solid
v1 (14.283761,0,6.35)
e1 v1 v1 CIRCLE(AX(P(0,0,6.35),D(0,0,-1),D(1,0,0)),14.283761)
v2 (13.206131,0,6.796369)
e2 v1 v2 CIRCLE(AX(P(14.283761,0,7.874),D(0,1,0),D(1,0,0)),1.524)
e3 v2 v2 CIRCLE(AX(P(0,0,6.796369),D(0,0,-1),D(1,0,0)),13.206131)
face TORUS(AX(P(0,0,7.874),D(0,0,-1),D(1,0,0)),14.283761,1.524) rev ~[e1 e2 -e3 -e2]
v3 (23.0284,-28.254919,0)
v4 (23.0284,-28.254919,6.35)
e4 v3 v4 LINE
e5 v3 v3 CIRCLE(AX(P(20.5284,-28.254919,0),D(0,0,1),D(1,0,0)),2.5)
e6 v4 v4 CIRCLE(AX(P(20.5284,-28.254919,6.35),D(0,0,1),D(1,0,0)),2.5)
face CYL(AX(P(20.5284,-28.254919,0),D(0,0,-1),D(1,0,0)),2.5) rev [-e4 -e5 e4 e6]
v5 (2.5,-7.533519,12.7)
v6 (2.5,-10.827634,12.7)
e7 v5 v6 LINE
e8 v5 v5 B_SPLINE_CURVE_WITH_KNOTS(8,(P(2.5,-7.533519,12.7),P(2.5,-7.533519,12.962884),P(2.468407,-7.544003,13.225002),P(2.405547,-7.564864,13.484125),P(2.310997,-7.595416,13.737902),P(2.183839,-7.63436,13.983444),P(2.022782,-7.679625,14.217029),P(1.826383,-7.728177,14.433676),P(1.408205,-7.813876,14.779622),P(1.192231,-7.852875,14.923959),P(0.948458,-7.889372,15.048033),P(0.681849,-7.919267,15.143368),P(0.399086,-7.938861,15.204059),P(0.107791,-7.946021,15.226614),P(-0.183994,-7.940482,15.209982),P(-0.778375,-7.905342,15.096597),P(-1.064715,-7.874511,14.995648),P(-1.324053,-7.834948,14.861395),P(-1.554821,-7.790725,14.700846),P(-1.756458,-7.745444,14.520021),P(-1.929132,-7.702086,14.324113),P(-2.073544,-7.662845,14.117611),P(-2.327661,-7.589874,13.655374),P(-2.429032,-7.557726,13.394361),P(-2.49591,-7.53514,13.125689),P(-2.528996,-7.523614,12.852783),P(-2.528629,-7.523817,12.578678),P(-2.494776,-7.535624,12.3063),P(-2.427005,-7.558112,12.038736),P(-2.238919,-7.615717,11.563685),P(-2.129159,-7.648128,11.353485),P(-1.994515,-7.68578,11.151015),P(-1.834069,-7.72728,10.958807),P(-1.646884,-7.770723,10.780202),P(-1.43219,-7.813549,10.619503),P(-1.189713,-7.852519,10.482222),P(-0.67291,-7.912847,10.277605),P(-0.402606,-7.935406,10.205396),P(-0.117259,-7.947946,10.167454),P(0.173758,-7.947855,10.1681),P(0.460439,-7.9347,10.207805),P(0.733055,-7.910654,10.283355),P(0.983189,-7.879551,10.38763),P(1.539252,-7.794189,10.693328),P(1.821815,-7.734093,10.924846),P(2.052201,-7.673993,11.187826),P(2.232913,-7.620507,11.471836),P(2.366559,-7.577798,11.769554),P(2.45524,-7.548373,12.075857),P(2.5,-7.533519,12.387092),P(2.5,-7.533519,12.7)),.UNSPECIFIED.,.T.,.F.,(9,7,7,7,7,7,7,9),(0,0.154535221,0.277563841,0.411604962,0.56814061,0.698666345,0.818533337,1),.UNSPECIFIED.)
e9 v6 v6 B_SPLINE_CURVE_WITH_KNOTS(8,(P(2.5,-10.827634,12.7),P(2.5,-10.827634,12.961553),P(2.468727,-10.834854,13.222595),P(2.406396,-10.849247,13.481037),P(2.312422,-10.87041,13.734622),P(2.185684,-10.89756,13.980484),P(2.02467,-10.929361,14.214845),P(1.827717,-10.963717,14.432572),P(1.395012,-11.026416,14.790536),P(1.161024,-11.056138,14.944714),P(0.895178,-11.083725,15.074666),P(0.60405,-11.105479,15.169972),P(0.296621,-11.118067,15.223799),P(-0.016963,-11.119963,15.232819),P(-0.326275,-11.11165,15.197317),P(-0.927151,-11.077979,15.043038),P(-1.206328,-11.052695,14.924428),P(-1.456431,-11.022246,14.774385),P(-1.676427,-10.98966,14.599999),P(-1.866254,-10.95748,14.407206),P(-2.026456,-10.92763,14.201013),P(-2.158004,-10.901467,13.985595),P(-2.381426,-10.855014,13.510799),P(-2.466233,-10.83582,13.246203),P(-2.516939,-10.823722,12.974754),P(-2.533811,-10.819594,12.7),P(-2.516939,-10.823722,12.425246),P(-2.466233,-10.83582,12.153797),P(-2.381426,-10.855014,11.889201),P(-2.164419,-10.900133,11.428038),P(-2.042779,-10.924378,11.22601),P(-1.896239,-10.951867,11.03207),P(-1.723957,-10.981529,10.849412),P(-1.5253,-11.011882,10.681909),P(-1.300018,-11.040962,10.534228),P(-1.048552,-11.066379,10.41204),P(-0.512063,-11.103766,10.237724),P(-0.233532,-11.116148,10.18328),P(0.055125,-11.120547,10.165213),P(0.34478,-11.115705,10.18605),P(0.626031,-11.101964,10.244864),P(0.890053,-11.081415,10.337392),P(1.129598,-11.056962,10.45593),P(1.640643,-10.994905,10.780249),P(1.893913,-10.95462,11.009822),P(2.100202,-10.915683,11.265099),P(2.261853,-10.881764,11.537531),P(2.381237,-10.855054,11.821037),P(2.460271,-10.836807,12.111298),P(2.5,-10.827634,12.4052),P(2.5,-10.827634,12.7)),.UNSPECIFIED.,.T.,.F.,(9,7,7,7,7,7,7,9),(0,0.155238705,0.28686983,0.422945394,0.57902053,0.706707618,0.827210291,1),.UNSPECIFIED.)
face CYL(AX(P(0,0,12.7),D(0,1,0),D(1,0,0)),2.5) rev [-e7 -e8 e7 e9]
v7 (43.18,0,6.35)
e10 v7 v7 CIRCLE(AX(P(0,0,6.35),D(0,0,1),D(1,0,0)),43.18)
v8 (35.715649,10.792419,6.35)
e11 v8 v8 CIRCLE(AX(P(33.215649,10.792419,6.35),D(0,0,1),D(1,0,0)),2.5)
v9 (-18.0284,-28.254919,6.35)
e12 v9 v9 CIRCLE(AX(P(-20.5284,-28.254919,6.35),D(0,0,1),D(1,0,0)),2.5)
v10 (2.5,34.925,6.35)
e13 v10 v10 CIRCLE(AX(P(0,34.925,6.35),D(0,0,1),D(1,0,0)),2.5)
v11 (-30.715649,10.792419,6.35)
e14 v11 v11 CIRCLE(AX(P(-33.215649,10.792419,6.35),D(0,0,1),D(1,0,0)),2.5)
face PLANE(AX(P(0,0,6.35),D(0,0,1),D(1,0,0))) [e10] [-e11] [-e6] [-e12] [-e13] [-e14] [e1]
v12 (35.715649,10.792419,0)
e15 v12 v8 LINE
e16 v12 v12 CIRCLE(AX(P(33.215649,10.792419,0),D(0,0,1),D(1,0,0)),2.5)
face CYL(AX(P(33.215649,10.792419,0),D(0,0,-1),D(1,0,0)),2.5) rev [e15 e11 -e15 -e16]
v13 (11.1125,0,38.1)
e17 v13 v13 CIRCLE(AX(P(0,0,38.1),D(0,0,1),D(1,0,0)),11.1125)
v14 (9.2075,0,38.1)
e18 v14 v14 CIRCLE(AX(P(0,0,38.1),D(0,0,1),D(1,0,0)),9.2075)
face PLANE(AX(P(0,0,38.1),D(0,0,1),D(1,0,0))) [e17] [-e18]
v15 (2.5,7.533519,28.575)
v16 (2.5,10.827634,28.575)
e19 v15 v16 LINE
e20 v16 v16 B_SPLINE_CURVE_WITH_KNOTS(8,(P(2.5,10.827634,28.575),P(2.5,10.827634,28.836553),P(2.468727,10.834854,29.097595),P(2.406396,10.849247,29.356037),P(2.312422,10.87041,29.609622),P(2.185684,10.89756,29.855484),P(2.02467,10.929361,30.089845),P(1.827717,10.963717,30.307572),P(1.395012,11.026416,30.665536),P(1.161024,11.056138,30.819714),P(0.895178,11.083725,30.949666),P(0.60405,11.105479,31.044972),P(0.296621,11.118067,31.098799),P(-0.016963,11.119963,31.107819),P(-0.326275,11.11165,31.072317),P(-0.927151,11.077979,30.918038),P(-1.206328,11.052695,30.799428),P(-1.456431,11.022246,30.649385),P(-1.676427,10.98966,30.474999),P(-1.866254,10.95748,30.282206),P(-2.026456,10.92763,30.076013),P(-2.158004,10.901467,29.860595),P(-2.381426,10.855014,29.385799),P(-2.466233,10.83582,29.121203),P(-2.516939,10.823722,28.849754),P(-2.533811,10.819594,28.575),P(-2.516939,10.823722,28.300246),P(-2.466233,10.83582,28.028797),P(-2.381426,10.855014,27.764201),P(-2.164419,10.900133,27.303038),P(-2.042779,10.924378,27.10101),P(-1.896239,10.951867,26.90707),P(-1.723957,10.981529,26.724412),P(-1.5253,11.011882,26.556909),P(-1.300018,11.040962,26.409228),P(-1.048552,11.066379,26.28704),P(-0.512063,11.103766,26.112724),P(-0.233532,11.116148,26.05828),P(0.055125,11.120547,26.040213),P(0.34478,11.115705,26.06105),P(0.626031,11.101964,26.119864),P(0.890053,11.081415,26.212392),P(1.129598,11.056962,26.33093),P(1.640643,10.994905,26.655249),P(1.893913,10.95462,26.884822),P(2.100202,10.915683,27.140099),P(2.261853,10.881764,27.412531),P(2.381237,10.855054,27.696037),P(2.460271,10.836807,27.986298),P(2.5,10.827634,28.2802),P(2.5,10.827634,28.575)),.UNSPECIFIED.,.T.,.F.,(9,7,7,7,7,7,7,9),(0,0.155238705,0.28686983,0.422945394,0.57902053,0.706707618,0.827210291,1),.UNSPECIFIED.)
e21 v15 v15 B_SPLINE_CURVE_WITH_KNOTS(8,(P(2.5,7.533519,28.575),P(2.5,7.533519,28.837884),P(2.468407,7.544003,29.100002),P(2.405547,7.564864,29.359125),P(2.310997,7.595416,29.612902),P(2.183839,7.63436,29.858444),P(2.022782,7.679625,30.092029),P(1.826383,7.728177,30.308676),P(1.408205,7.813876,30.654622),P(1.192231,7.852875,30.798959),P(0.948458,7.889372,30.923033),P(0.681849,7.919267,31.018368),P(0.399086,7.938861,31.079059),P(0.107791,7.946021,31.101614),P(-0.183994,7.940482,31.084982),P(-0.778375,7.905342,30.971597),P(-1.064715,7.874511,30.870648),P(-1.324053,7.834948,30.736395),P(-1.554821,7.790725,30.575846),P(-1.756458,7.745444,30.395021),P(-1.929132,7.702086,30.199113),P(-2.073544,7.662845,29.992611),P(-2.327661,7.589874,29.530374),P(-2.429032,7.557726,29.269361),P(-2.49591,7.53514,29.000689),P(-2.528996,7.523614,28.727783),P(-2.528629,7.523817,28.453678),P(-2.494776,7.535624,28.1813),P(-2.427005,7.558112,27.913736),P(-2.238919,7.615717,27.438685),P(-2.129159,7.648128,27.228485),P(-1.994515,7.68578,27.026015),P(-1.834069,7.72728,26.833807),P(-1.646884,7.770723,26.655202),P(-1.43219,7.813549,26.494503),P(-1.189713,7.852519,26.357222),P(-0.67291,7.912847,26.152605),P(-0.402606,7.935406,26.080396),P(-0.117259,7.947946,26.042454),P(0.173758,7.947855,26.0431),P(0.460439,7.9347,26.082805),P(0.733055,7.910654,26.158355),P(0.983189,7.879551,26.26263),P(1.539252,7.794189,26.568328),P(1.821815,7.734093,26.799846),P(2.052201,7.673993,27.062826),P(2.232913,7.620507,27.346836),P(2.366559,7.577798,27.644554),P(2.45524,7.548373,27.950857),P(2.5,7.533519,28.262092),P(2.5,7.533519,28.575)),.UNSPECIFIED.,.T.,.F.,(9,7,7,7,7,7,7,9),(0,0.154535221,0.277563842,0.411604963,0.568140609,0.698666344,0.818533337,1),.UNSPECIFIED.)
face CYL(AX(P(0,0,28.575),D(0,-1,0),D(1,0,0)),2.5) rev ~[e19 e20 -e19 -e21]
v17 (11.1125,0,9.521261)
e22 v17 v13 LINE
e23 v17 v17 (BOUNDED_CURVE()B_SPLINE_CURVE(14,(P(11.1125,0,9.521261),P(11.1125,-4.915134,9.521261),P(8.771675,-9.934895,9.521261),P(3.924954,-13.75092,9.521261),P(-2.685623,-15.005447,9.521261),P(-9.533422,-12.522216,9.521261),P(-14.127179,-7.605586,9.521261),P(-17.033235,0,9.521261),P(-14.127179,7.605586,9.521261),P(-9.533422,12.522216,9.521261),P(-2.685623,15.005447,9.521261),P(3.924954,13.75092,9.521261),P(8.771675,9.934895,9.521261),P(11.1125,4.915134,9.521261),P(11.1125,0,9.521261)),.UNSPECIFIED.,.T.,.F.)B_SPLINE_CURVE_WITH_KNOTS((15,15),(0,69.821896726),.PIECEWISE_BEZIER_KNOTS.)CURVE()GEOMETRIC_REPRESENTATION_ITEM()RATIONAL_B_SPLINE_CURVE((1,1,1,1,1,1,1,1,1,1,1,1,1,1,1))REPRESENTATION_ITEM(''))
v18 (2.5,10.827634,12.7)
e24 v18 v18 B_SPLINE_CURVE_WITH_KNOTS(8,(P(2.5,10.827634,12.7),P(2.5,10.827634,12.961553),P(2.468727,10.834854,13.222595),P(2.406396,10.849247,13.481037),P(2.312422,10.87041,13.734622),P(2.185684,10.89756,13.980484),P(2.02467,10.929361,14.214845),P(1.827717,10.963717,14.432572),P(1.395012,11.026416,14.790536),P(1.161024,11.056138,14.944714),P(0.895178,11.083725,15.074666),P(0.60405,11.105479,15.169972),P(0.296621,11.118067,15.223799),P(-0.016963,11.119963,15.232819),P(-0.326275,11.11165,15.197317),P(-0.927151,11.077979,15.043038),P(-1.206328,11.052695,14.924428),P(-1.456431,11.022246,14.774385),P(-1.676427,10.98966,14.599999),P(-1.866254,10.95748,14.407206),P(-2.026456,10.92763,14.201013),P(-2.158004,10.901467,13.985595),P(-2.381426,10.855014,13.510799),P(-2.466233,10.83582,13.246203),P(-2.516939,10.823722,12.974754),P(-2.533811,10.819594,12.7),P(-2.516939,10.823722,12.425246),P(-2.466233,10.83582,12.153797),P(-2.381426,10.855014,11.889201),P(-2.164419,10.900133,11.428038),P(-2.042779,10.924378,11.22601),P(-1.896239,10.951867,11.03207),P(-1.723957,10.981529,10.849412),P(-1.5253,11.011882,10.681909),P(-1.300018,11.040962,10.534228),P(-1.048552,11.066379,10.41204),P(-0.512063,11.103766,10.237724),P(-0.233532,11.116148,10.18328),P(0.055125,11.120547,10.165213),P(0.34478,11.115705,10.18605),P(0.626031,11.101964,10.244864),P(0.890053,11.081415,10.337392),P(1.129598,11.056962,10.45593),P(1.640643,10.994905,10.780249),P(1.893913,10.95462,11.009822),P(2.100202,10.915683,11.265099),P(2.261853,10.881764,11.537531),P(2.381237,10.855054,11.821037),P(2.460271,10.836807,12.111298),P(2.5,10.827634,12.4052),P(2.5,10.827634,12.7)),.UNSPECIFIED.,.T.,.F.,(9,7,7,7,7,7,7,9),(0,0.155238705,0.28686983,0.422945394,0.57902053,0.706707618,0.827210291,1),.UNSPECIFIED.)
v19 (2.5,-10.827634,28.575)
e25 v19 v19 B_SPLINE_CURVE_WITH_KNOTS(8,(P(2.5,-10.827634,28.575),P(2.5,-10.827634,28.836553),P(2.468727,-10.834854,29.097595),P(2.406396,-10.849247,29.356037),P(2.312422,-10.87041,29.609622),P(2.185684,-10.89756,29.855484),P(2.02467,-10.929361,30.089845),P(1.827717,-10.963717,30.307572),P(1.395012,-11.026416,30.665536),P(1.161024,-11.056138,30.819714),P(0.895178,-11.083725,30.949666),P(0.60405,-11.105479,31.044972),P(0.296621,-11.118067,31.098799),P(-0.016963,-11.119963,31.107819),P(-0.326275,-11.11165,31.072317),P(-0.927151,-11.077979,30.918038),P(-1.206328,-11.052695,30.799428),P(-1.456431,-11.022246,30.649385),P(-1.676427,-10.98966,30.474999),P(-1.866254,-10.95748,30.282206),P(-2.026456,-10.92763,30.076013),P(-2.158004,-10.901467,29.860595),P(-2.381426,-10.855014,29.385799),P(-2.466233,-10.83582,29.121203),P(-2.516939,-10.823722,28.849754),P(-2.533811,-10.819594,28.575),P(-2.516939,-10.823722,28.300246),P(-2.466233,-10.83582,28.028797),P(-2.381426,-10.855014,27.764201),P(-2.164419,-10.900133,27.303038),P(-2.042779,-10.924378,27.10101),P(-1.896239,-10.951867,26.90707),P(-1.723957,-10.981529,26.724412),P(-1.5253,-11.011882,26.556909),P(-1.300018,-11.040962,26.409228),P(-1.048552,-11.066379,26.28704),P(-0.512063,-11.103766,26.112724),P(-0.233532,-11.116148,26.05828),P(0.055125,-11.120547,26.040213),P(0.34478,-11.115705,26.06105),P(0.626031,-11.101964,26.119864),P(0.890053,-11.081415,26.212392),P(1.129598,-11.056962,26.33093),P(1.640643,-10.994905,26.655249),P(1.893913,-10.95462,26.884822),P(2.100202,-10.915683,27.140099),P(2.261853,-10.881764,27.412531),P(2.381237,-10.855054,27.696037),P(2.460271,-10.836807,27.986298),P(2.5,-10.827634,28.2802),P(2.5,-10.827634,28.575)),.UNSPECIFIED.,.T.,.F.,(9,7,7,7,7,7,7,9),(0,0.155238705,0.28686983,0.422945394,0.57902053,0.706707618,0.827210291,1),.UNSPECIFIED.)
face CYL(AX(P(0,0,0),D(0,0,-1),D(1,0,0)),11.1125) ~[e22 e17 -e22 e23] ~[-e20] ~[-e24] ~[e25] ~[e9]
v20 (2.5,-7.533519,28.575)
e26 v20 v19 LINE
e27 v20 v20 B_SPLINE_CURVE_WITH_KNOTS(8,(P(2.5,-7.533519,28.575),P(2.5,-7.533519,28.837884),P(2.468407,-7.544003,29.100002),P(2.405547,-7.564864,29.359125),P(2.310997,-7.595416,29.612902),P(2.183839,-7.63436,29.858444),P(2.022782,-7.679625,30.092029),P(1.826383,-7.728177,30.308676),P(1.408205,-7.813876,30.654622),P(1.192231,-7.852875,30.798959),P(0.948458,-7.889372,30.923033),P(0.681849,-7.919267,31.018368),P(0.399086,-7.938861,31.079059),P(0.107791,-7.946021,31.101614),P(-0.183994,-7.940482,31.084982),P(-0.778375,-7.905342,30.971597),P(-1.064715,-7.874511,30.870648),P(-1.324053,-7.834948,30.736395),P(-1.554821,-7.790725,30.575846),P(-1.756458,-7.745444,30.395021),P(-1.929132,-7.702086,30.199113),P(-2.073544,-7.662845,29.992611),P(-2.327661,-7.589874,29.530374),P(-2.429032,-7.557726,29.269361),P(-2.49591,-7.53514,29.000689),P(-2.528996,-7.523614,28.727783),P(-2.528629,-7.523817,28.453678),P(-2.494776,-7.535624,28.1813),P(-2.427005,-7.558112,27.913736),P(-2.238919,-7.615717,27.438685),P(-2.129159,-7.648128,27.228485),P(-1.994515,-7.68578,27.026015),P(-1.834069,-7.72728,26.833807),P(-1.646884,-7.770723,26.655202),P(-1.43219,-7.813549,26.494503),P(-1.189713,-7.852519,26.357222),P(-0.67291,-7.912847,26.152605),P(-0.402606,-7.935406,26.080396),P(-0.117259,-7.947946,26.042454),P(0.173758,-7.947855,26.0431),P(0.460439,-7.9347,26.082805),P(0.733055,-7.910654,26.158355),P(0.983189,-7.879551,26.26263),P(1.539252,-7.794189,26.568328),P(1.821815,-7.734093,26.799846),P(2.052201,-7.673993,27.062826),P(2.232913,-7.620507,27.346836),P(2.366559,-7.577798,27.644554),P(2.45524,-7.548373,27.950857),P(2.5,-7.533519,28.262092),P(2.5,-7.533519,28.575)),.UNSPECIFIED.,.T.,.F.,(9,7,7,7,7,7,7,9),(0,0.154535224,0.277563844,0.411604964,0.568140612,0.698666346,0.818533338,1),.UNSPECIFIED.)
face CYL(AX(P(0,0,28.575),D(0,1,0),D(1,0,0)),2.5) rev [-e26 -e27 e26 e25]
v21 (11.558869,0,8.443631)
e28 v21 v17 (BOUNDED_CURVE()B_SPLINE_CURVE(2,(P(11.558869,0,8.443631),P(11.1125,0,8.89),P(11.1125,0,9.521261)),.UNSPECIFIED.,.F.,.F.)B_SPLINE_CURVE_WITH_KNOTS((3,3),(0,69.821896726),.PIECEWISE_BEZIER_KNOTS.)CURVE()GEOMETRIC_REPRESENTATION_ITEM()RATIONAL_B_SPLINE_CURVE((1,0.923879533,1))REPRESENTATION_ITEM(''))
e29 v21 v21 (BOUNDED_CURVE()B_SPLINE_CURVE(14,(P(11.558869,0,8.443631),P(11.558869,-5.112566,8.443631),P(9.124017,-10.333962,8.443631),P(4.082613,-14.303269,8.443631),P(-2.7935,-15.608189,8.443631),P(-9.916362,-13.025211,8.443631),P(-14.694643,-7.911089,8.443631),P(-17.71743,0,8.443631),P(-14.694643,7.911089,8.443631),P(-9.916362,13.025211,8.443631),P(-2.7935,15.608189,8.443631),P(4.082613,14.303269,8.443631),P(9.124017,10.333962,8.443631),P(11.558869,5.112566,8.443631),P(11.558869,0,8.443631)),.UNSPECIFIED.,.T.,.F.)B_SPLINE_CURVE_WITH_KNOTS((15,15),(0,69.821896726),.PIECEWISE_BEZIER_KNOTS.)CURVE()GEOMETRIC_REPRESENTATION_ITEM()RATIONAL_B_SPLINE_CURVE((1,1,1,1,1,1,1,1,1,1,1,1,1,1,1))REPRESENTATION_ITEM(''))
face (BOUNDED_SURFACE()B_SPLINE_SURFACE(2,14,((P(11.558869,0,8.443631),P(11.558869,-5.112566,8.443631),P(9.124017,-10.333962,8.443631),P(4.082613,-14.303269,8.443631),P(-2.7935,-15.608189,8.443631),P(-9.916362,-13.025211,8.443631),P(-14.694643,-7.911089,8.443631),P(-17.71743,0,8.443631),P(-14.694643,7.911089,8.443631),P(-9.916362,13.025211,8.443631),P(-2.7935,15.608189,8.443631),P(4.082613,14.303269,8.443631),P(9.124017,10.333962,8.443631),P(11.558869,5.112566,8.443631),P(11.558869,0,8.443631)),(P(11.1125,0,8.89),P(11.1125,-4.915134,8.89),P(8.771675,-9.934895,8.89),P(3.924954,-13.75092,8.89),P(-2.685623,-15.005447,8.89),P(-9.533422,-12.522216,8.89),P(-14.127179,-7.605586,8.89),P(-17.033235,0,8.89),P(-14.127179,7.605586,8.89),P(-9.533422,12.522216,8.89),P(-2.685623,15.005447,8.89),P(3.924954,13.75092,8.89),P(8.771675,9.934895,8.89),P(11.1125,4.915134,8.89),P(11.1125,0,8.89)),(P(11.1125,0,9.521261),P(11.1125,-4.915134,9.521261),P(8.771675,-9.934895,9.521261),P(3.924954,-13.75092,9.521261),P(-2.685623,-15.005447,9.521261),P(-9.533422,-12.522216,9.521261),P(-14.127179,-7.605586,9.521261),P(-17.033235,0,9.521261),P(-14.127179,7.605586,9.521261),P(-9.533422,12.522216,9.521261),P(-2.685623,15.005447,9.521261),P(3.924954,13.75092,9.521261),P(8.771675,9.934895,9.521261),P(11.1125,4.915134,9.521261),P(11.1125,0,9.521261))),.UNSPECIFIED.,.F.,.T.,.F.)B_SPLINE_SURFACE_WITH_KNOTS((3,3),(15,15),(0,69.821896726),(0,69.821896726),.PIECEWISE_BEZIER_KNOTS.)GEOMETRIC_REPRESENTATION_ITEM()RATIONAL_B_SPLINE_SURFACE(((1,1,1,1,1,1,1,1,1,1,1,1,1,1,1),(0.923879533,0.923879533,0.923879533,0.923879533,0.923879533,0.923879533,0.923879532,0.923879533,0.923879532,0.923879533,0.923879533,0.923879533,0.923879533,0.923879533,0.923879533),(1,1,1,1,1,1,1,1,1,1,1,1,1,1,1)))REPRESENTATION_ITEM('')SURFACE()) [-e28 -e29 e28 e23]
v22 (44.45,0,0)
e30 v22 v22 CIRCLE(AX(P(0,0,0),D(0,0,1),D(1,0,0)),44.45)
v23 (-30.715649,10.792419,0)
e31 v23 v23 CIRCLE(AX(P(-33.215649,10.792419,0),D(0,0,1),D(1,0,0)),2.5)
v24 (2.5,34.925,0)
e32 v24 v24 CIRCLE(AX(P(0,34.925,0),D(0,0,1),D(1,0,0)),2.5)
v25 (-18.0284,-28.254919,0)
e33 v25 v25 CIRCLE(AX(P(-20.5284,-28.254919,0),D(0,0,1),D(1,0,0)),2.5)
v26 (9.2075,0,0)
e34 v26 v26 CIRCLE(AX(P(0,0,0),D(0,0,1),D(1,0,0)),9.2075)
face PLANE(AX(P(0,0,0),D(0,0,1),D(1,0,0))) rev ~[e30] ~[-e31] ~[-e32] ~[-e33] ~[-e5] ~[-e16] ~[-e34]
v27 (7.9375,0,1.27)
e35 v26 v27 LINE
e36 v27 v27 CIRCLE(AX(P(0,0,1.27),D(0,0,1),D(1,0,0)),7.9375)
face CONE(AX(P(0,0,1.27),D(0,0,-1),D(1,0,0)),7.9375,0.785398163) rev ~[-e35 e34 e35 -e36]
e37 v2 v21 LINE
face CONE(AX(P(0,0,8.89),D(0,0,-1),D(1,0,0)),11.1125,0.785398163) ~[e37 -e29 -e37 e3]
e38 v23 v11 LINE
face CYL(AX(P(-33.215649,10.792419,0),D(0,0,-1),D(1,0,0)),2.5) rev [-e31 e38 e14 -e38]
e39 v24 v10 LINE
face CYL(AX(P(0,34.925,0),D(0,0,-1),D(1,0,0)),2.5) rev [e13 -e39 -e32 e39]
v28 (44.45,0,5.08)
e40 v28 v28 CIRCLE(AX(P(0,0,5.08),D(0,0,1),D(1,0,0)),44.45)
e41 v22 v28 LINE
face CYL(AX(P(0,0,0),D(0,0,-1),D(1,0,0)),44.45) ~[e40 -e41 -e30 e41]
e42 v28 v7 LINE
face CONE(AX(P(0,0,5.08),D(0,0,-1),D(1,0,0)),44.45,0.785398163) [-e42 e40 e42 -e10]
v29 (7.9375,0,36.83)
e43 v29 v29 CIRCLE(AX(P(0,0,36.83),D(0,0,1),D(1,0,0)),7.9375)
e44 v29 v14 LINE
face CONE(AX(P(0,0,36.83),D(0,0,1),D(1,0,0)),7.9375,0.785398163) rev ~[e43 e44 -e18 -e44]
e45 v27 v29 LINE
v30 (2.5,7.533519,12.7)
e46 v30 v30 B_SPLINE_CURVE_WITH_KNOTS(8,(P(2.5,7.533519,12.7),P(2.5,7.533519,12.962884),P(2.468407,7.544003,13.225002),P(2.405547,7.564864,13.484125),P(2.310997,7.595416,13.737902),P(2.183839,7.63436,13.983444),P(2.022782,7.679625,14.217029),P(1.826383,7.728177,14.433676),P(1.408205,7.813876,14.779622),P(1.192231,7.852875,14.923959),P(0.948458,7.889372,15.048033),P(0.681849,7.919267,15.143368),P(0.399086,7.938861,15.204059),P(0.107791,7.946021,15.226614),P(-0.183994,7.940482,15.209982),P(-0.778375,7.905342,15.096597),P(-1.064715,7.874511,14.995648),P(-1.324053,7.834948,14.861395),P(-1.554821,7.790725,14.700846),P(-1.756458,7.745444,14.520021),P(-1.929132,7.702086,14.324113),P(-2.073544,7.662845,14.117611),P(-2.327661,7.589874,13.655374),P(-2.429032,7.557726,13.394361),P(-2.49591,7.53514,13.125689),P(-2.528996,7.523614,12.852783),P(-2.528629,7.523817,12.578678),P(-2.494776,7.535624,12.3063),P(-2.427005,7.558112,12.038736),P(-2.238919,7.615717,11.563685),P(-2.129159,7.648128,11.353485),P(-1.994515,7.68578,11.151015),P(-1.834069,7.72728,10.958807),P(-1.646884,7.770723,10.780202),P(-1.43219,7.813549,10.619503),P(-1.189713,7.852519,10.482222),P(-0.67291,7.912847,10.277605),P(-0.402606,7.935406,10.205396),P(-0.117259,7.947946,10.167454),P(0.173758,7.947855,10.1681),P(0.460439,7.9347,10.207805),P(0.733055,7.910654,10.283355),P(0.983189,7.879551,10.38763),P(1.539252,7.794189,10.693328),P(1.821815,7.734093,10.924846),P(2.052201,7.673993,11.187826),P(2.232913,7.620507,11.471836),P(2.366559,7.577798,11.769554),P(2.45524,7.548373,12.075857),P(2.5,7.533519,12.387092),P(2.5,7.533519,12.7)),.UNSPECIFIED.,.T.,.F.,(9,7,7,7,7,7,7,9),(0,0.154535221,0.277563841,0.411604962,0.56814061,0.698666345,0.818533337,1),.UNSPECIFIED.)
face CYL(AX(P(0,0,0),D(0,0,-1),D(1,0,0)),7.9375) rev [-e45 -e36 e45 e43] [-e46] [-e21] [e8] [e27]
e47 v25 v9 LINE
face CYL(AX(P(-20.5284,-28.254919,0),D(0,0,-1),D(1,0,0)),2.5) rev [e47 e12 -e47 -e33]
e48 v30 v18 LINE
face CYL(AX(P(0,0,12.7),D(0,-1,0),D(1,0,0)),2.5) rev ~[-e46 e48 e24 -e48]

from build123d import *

# Parameters (mm, degrees)
F0_R          = 44.45
F0_R_2        = 2.5
F0_R_3        = 11.1125
F0_R_4        = 7.9375
F1_DEPTH      = 6.35
F2_DEPTH      = 38.1
F3_R          = 2.5
F4_DEPTH      = 44.451
F4_DEPTH_BACK = 44.451
F5_SIZE       = 1.27
F6_SIZE       = 2.54
F7_R          = 1.524


with BuildPart() as f1:
    # F0 (on Top) → F1 (new body)
    with BuildSketch(Plane.XY):
        Circle(F0_R)
        with Locations((-20.5283999363, -28.2549185285)):
            Circle(F0_R_2, mode=Mode.SUBTRACT)
        with Locations((20.5283999363, -28.2549185285)):
            Circle(F0_R_2, mode=Mode.SUBTRACT)
        with Locations((-33.2156488316, 10.7924185285)):
            Circle(F0_R_2, mode=Mode.SUBTRACT)
        Circle(F0_R_3, mode=Mode.SUBTRACT)
        with Locations((33.2156488316, 10.7924185285)):
            Circle(F0_R_2, mode=Mode.SUBTRACT)
        with Locations((0, 34.925)):
            Circle(F0_R_2, mode=Mode.SUBTRACT)
        Circle(F0_R_3)
        Circle(F0_R_4, mode=Mode.SUBTRACT)
    extrude(amount=F1_DEPTH)

    # F0 (on Top) → F2 (join)
    with BuildSketch(Plane.XY):
        Circle(F0_R_3)
        Circle(F0_R_4, mode=Mode.SUBTRACT)
    extrude(amount=F2_DEPTH)

    # F3 (on Front) → F4 (cut, two sides)
    with BuildSketch(Plane.XZ) as f4_sk:
        with Locations((0, 12.7)):
            Circle(F3_R)
        with Locations((0, 28.575)):
            Circle(F3_R)
    extrude(amount=-F4_DEPTH, mode=Mode.SUBTRACT)
    extrude(f4_sk.sketch, amount=F4_DEPTH_BACK, mode=Mode.SUBTRACT)

    # F5
    f5_edges = [f1.edges().sort_by_distance(p)[0] for p in [
        (-7.9375, 0, 38.1),
        (-7.9375, 0, 0),
        (-44.45, 0, 6.35),
    ]]
    chamfer(f5_edges, length=F5_SIZE)

    # F6
    f6_edges = [f1.edges().sort_by_distance(p)[0] for p in [
        (-11.1125, 0, 6.35),
    ]]
    chamfer(f6_edges, length=F6_SIZE)

    # F7
    f7_edges = [f1.edges().sort_by_distance(p)[0] for p in [
        (-11.1125, 0, 8.89),
        (-13.6525, 0, 6.35),
    ]]
    fillet(f7_edges, radius=F7_R)


solid = f1.part
